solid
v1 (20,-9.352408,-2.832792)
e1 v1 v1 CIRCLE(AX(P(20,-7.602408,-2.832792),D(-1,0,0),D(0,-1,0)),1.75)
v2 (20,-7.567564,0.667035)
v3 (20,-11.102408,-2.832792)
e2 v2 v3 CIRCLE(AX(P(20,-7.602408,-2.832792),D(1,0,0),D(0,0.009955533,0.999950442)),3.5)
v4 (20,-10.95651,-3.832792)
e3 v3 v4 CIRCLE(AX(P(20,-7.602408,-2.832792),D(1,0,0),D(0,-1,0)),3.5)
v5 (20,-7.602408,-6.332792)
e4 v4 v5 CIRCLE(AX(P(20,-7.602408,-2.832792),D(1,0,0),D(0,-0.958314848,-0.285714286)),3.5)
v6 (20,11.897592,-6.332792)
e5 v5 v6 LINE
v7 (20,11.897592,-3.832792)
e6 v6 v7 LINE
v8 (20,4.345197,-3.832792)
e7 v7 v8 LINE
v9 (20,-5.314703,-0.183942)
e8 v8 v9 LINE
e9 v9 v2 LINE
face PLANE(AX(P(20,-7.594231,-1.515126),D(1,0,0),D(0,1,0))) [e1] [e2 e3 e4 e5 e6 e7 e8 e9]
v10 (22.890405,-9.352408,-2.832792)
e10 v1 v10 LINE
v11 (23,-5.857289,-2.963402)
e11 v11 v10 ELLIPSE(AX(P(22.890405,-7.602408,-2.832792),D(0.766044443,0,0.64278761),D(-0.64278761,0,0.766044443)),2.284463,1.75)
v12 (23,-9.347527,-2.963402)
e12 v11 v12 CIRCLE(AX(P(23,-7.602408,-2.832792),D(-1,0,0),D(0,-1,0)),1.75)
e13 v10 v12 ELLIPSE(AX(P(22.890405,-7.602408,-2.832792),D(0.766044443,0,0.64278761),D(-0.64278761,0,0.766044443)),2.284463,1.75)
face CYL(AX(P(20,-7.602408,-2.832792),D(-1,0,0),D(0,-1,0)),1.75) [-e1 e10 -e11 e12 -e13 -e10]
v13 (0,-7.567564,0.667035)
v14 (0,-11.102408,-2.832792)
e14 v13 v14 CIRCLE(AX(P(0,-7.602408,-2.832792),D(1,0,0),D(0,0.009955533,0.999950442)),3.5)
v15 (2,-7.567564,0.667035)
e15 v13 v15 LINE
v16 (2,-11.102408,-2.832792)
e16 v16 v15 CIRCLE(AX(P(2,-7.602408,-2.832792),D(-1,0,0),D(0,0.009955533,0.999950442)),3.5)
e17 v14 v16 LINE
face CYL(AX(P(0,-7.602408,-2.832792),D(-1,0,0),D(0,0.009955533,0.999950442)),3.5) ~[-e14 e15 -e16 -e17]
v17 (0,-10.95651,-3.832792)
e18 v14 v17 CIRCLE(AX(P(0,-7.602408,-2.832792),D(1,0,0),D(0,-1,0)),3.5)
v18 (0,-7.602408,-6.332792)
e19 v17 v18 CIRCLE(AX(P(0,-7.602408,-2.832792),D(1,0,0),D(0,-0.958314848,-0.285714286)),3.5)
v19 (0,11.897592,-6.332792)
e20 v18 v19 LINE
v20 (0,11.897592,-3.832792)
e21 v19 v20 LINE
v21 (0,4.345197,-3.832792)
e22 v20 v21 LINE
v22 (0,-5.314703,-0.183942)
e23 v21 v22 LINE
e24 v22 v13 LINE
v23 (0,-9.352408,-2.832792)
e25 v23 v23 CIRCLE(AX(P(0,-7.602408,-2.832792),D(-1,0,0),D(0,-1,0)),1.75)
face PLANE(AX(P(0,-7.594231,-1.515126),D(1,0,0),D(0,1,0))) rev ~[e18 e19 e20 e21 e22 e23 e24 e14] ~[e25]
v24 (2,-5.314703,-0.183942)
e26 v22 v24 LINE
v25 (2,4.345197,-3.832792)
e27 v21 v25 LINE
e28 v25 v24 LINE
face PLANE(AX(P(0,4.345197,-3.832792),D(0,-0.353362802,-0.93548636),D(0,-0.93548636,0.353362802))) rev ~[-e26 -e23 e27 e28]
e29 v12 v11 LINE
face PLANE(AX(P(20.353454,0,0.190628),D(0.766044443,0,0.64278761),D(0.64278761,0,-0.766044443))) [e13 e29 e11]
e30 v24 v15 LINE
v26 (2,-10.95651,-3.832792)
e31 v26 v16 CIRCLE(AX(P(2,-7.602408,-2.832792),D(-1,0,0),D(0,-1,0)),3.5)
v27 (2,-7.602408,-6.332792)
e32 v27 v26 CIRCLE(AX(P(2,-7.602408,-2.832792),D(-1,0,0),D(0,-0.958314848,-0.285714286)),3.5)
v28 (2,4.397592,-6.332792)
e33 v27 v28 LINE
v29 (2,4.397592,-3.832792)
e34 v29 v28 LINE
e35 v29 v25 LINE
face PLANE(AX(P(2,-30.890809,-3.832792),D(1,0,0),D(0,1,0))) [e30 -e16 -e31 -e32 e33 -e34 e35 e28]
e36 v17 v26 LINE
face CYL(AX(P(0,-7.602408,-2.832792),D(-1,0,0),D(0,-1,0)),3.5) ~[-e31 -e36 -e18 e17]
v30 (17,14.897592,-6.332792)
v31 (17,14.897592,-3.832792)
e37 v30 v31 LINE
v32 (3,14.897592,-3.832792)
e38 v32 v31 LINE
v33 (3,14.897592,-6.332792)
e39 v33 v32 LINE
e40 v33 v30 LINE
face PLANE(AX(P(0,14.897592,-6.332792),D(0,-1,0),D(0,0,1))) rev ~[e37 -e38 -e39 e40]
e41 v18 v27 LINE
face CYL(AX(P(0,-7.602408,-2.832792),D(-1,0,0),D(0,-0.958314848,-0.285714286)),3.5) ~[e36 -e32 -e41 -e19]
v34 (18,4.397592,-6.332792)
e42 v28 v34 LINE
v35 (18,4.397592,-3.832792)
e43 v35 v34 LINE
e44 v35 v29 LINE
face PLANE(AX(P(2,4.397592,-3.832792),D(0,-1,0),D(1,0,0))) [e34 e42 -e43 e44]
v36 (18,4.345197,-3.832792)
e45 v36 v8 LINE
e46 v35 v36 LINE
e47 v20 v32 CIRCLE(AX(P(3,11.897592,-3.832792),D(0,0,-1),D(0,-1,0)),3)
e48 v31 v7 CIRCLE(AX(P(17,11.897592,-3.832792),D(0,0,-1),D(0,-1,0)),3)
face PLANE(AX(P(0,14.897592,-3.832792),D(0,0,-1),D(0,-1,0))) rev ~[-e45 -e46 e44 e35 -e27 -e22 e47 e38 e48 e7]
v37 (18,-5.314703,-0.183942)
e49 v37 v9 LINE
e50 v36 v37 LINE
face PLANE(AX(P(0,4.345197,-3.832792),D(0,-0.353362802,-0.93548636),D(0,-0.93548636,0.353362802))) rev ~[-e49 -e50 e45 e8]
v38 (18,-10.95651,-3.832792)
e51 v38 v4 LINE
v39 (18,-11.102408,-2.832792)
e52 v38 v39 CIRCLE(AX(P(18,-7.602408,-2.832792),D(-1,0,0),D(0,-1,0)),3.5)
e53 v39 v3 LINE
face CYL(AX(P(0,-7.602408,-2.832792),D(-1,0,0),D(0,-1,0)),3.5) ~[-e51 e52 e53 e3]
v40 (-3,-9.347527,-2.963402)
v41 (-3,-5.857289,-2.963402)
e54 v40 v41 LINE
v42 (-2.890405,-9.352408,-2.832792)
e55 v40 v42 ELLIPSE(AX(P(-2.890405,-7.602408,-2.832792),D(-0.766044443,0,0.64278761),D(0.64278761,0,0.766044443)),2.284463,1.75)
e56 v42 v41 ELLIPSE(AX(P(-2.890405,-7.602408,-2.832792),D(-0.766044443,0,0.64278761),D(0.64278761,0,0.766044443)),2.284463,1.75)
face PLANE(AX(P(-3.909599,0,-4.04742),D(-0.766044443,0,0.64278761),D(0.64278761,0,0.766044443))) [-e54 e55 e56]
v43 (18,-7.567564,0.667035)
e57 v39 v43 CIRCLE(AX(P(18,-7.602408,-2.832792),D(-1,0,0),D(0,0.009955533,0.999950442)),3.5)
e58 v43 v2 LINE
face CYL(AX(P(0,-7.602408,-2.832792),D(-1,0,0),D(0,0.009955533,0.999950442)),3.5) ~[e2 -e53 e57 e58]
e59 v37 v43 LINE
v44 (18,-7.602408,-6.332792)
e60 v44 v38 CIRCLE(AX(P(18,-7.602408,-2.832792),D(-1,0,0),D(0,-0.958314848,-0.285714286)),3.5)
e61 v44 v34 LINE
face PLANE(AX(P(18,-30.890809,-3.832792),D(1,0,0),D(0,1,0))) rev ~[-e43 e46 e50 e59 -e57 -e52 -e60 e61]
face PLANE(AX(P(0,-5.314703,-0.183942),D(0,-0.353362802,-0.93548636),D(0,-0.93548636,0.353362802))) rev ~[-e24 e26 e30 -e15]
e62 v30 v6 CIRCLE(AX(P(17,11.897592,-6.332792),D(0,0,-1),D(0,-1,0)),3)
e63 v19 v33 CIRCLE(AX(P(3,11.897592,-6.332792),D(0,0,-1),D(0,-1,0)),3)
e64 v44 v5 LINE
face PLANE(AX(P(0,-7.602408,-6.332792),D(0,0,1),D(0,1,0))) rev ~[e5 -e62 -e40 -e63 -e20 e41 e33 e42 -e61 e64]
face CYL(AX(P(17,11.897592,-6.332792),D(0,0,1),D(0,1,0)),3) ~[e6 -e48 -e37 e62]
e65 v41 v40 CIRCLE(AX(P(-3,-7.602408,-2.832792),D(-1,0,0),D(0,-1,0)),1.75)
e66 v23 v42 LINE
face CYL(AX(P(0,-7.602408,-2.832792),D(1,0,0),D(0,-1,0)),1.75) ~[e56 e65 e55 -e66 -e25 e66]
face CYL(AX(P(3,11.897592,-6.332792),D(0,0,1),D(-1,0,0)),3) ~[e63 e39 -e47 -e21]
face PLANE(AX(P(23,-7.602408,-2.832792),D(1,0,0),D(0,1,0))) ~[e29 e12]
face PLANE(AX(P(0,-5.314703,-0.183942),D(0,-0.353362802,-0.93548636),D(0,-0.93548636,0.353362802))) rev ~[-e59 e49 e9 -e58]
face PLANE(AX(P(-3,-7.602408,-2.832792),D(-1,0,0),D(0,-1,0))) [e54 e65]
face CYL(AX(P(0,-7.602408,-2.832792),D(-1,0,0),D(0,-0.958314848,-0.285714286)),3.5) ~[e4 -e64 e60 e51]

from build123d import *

# Parameters (mm, degrees)
F1_DEPTH  = 20
F2_R      = 1.75
F3_DEPTH  = 3
F6_W      = 16
F6_H      = 35.2884006159
F7_DEPTH  = 12.5
F8_R      = 3
F10_DEPTH = 25


with BuildPart() as f1:
    # F0 (on Right) → F1 (new body)
    with BuildSketch(Plane.YZ):
        with BuildLine():
            ThreePointArc((-4.1024079025, -2.8327919807), (-4.4198799521, -1.3762495526), (-5.3147026709, -0.1839422731))
            Line((-5.3147026709, -0.1839422731), (-7.5675635352, 0.6670345679))
            ThreePointArc((-7.5675635352, 0.6670345679), (-10.0649314774, -0.3456294121), (-11.1024079025, -2.8327919807))
            Line((-11.1024079025, -2.8327919807), (-7.6024079025, -2.8327919807))
            Line((-7.6024079025, -2.8327919807), (-4.1024079025, -2.8327919807))
        make_face()
        with BuildLine():
            Line((-10.9565098687, -3.8327919807), (-7.6024079025, -3.8327919807))
            Line((-7.6024079025, -3.8327919807), (-7.6024079025, -2.8327919807))
            Line((-7.6024079025, -2.8327919807), (-11.1024079025, -2.8327919807))
            ThreePointArc((-11.1024079025, -2.8327919807), (-11.0657413316, -3.3380855182), (-10.9565098687, -3.8327919807))
        make_face()
        with BuildLine():
            Line((-7.6024079025, -3.8327919807), (-4.2483059362, -3.8327919807))
            ThreePointArc((-4.2483059362, -3.8327919807), (-4.1390744734, -3.3380855182), (-4.1024079025, -2.8327919807))
            Line((-4.1024079025, -2.8327919807), (-7.6024079025, -2.8327919807))
            Line((-7.6024079025, -2.8327919807), (-7.6024079025, -3.8327919807))
        make_face()
        with BuildLine():
            Line((-7.6024079025, -6.3327919807), (-7.6024079025, -3.8327919807))
            Line((-7.6024079025, -3.8327919807), (-10.9565098687, -3.8327919807))
            ThreePointArc((-10.9565098687, -3.8327919807), (-9.6940579688, -5.6390350208), (-7.6024079025, -6.3327919807))
        make_face()
        with BuildLine():
            ThreePointArc((-7.6024079025, -6.3327919807), (-5.5107578361, -5.6390350208), (-4.2483059362, -3.8327919807))
            Line((-4.2483059362, -3.8327919807), (-7.6024079025, -3.8327919807))
            Line((-7.6024079025, -3.8327919807), (-7.6024079025, -6.3327919807))
        make_face()
        with BuildLine():
            Line((14.8975920975, -3.8327919807), (4.3451967649, -3.8327919807))
            Line((4.3451967649, -3.8327919807), (-4.2483059362, -3.8327919807))
            ThreePointArc((-4.2483059362, -3.8327919807), (-5.5107578361, -5.6390350208), (-7.6024079025, -6.3327919807))
            Line((-7.6024079025, -6.3327919807), (14.8975920975, -6.3327919807))
            Line((14.8975920975, -6.3327919807), (14.8975920975, -3.8327919807))
        make_face()
        with BuildLine():
            Line((-4.2483059362, -3.8327919807), (4.3451967649, -3.8327919807))
            Line((4.3451967649, -3.8327919807), (-5.3147026709, -0.1839422731))
            ThreePointArc((-5.3147026709, -0.1839422731), (-4.4198799521, -1.3762495526), (-4.1024079025, -2.8327919807))
            ThreePointArc((-4.1024079025, -2.8327919807), (-4.1390744734, -3.3380855182), (-4.2483059362, -3.8327919807))
        make_face()
    extrude(amount=F1_DEPTH)



with BuildPart() as f3:
    # F2 (on face) → F3 (new body)
    with BuildSketch(Plane(origin=(0, 0, 0), x_dir=(0, -1, 0), z_dir=(-1, 0, 0))):
        with Locations((7.6024079025, -2.8327919807)):
            Circle(F2_R)
    extrude(amount=F3_DEPTH)


with BuildPart() as f1_1:
    add(f1.part)

    add(f3.part)  # F5 merges F3
    # F5: F3 across plane
    add(f3.part.mirror(Plane.YZ.offset(10)))

    # F6 (on face) → F7 (cut, symmetric)
    with BuildSketch(Plane.XY.offset(-3.8327919807)):
        with Locations((10, -13.2466082104)):
            Rectangle(F6_W, F6_H)
    extrude(amount=F7_DEPTH, both=True, mode=Mode.SUBTRACT)

    # F8
    f8_edges = [f1_1.edges().sort_by_distance(p)[0] for p in [
        (20, 14.897592, -5.082792),
        (0, 14.897592, -5.082792),
    ]]
    fillet(f8_edges, radius=F8_R)


with BuildPart() as f10:
    # F9 (on Front) → F10 (new body)
    with BuildSketch(Plane.XZ):
        Polygon((20.3534542639, 3.3057429828), (20.3534542639, 0.1906278993), (23.9095985889, -4.0474198759), (23.9095985889, 7.1602235548), (-3.9095985889, 7.1602235548), (-3.9095985889, -4.0474198759), (-0.3534542639, 0.1906278993), (-0.3534542639, 3.3057429828), align=None)
    extrude(amount=F10_DEPTH)


with BuildPart() as f1_2:
    add(f1_1.part)

    # F11: cut F10
    add(f10.part, mode=Mode.SUBTRACT)


solid = f1_2.part
